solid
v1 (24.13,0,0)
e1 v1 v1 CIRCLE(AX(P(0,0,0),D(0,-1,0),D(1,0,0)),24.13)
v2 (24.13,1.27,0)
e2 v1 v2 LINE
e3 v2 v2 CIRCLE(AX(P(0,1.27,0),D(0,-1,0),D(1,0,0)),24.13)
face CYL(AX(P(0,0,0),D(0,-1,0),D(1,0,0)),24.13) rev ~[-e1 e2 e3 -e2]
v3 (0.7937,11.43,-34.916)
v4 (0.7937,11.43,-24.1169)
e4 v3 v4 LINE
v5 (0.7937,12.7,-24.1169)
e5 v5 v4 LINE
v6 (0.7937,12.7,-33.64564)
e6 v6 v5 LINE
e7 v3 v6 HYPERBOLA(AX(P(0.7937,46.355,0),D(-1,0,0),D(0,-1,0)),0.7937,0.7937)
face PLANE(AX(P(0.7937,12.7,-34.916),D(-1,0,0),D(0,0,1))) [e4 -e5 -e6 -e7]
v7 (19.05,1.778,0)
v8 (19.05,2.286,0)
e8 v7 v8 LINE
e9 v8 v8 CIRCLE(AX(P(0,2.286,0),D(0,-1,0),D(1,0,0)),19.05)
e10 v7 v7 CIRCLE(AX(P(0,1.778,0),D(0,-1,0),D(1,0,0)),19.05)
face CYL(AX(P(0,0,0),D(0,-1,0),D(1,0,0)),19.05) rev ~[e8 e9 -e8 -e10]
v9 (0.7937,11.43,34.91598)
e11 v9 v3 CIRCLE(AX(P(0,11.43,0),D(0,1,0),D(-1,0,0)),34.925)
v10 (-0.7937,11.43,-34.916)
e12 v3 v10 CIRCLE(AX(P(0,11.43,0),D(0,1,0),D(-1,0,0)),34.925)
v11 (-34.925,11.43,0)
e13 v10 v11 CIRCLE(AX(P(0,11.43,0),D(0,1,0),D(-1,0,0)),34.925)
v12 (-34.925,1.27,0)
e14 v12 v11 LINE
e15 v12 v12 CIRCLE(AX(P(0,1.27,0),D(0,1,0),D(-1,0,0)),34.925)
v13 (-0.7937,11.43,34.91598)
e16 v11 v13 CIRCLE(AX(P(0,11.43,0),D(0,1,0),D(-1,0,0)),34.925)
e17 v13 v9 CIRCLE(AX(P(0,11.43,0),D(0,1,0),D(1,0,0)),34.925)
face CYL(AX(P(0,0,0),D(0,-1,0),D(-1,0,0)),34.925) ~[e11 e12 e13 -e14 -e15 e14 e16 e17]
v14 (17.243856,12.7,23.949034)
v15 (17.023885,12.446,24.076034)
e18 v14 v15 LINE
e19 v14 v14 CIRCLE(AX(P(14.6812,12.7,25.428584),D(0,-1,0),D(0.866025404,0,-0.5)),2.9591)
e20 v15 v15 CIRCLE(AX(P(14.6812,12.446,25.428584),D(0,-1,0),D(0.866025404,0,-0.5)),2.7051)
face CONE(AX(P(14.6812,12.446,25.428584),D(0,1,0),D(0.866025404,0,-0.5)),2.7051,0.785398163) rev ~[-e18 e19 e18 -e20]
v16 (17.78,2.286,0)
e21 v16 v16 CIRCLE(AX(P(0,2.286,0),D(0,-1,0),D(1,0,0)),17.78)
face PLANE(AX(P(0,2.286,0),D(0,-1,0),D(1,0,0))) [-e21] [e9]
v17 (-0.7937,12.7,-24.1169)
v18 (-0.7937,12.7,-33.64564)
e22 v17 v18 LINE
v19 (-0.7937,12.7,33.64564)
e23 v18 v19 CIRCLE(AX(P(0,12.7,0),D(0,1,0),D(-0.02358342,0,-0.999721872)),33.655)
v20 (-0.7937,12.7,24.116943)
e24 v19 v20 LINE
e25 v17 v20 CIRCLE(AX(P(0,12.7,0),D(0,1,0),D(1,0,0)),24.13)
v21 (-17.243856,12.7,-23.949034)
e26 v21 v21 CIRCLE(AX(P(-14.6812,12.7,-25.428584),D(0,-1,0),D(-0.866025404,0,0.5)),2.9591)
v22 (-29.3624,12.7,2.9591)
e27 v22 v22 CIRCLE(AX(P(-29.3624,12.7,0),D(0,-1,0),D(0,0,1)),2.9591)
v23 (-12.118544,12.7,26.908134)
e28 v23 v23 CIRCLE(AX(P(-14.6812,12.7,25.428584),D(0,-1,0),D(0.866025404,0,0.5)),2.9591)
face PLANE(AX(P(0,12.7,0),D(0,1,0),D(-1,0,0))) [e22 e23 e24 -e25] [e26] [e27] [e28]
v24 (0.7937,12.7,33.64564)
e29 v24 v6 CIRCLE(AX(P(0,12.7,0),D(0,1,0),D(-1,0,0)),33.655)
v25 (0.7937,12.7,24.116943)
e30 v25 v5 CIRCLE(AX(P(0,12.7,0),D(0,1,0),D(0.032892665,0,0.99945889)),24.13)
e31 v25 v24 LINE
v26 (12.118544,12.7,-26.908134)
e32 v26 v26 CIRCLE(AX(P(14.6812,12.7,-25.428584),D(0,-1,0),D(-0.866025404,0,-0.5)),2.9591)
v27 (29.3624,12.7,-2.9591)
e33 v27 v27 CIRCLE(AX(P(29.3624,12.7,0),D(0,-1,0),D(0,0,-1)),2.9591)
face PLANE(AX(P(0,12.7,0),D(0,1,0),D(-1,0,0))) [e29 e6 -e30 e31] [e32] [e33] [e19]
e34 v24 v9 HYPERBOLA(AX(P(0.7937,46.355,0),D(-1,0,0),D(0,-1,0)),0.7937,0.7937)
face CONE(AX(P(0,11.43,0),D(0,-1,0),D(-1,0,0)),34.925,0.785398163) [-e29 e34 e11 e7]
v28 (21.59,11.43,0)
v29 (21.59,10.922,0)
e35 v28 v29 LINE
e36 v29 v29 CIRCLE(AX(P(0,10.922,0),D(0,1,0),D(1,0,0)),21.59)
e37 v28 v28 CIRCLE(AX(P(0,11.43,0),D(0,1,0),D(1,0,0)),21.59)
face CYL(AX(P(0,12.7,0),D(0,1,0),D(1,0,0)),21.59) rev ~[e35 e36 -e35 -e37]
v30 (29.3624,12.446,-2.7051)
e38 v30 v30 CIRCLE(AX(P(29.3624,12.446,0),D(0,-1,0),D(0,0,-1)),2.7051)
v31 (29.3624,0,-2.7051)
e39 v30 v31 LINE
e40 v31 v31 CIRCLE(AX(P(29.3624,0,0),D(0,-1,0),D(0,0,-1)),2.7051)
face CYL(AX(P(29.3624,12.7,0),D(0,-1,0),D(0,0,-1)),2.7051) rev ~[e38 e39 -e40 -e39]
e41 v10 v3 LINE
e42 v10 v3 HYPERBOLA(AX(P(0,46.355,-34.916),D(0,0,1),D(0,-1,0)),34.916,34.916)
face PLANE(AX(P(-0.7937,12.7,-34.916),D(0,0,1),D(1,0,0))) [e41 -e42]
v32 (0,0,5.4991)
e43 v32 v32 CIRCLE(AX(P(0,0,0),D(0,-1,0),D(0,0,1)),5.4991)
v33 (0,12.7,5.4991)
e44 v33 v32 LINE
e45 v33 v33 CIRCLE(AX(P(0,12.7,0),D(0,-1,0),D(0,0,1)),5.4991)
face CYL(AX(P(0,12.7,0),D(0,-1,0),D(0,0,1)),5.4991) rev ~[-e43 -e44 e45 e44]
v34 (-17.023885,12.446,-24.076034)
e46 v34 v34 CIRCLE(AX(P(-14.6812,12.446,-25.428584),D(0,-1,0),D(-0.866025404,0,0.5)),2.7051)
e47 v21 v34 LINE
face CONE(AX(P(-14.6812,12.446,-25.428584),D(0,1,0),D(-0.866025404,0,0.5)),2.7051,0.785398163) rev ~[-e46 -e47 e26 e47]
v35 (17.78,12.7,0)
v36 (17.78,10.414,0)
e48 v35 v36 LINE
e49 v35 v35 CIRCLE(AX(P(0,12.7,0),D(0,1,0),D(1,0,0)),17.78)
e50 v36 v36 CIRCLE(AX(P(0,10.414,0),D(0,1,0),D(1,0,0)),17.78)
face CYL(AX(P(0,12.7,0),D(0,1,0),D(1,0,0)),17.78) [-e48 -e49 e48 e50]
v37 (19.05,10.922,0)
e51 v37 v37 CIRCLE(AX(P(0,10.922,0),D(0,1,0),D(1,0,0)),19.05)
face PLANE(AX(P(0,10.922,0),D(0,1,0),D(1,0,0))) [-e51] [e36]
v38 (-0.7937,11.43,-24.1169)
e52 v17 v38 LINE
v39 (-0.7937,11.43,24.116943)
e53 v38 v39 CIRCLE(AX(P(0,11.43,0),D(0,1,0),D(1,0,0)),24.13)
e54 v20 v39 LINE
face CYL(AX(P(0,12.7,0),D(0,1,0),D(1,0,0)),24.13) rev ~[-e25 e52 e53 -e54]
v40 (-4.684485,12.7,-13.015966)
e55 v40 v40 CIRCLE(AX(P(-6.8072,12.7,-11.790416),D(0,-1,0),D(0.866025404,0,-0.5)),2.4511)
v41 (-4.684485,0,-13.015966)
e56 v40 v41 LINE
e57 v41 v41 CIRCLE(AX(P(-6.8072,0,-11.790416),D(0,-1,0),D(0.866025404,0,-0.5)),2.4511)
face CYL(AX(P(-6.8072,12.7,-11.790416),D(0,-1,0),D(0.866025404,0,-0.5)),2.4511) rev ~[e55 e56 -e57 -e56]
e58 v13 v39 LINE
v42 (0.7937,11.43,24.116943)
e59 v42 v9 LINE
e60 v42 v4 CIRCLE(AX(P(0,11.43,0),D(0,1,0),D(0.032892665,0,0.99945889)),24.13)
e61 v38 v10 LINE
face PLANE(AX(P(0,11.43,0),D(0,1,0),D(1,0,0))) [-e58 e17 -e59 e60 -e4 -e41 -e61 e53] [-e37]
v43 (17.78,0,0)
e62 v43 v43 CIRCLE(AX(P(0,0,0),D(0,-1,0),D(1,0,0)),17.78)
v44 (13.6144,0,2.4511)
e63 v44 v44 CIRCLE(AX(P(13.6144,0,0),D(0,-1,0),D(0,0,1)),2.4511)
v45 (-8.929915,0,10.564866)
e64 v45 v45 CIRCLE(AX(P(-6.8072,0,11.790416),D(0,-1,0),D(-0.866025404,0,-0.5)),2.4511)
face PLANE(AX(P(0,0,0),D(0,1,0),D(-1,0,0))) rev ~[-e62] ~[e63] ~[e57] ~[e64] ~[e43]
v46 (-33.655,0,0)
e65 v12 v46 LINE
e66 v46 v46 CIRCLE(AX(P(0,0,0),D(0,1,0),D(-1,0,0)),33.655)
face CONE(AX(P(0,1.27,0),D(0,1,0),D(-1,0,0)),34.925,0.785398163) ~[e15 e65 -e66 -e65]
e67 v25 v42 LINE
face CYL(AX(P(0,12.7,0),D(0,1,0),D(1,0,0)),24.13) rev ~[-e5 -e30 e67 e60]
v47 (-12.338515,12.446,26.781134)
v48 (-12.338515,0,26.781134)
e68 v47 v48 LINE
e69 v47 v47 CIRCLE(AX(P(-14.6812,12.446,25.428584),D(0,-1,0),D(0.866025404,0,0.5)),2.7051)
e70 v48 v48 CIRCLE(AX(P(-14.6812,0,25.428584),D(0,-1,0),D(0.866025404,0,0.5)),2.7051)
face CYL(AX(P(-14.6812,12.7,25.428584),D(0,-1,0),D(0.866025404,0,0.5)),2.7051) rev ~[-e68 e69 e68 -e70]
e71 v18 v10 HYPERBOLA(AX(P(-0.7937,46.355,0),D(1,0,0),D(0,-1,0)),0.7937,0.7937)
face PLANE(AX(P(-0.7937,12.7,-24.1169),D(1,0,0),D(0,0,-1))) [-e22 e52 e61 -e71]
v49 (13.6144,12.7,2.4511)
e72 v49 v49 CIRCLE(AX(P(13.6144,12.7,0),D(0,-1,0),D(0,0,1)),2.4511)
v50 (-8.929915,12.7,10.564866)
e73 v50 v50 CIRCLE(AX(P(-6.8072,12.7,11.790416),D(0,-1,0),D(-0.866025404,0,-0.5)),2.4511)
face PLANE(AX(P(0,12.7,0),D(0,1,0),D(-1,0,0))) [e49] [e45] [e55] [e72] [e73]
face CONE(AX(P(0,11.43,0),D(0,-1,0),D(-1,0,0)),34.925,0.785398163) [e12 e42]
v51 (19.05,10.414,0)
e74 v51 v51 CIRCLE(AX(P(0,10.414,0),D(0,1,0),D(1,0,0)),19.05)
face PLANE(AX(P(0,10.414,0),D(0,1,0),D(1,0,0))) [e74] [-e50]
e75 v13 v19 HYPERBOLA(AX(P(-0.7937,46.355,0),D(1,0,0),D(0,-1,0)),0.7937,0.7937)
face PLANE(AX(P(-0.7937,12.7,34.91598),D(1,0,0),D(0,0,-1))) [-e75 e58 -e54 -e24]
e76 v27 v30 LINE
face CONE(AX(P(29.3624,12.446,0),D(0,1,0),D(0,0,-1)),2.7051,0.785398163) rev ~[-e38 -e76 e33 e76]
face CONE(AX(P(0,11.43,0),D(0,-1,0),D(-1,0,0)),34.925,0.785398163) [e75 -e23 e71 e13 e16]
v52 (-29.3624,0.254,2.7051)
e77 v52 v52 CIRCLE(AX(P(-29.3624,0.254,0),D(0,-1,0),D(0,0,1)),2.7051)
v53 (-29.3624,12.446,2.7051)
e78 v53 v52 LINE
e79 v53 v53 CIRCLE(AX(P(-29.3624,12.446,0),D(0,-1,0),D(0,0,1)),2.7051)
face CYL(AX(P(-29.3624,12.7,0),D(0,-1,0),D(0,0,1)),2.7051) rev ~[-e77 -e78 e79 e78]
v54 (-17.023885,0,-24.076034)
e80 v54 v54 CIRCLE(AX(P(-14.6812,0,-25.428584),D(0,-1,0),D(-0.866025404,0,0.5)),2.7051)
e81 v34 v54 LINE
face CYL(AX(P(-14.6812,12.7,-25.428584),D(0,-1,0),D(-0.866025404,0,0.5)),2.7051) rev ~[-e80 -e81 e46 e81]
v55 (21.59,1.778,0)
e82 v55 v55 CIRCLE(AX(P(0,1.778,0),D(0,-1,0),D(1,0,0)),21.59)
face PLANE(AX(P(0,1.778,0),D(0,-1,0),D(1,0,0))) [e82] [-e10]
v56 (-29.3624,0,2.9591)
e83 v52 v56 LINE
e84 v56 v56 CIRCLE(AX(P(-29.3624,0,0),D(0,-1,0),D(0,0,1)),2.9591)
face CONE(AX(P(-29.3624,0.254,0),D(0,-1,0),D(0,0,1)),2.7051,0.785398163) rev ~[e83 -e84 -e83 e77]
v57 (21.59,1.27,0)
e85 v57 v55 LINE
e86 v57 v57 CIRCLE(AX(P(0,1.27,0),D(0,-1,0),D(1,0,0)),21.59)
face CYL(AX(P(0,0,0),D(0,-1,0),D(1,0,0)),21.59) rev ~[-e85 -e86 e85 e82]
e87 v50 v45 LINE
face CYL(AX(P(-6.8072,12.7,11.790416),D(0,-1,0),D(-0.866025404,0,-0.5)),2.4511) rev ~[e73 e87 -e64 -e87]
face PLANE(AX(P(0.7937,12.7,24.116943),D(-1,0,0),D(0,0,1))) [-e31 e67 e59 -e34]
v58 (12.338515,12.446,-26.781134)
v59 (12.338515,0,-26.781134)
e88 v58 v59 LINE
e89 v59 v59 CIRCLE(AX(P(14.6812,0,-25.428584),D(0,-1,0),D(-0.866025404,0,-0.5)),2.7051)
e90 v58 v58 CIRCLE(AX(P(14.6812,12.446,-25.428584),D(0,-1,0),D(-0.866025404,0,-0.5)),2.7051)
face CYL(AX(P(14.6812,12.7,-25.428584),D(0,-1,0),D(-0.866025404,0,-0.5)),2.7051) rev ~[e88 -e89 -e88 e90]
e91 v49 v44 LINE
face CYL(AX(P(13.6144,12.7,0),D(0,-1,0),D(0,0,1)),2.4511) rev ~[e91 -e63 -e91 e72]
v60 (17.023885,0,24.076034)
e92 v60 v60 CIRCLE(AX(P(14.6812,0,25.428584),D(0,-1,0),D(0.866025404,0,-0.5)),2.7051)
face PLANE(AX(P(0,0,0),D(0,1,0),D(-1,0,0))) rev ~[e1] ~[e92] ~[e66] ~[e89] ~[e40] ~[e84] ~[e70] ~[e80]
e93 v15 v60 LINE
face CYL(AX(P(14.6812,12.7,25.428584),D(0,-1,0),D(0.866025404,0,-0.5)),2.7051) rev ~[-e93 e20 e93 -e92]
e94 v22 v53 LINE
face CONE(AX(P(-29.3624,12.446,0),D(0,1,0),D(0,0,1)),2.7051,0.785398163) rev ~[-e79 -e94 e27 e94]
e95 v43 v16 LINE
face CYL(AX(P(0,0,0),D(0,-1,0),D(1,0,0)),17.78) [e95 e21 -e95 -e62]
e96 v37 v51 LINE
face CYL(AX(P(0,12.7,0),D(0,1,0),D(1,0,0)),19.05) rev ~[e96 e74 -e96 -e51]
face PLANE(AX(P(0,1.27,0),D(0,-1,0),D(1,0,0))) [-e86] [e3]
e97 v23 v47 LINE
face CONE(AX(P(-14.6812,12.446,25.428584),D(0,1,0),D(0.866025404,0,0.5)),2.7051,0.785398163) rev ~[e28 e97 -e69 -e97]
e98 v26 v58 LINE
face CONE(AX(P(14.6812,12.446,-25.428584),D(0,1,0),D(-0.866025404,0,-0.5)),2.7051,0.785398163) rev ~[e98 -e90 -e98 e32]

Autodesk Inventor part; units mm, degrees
ref_plane "YZ Plane" through (0, 0, 0) normal (1, 0, 0) x (0, 1, 0)
ref_plane "XZ Plane" through (0, 0, 0) normal (0, 1, 0) x (-1, 0, 0)
ref_plane "XY Plane" through (0, 0, 0) normal (0, 0, 1) x (1, 0, 0)
sketch "Sketch1" plane through (0, 0, 0) normal (0, 1, 0) x (-1, 0, 0)
  circle A0 centre (0, 0) radius 34.925
  dimension "d0" = 69.85
extrude "Extrusion1" add sketch "Sketch1" along normal blind 12.7
sketch "Sketch2" plane through (0, 12.7, 0) normal (0, 1, 0) x (1, 0, 0)
  circle A0 centre (0, 0) radius 17.78
  circle A1 centre (0, 0) radius 19.05
  circle A2 centre (0, 0) radius 21.59
  circle A3 centre (0, 0) radius 24.13
  dimension "d3" = 35.56
  dimension "d4" = 38.1
  dimension "d5" = 43.18
  dimension "d6" = 48.26
extrude "Extrusion2" cut sketch "Sketch2" against normal blind 1.27 contours A3
extrude "Extrusion3" cut sketch "Sketch2" against normal blind 1.778 contours A2
extrude "Extrusion4" cut sketch "Sketch2" against normal blind 2.286 contours A1
sketch "Sketch3" plane through (0, 0, 0) normal (0, -1, 0) x (1, 0, 0)
  circle A0 centre (0, 0) radius 19.05
  circle A1 centre (0, 0) radius 21.59
  circle A2 centre (0, 0) radius 24.13
sketch "Sketch4" plane through (0, 0, 0) normal (0, -1, 0) x (1, 0, 0)
  circle A0 centre (0, 0) radius 17.78
  circle A1 centre (0, 0) radius 19.05
extrude "Extrusion5" cut sketch "Sketch3" against normal blind 1.27 contours A2
extrude "Extrusion6" cut sketch "Sketch3" against normal blind 1.778 contours A1
extrude "Extrusion7" cut sketch "Sketch4" against normal blind 2.286
chamfer "Chamfer1" distance 1.27 angle 45 2 edges at (34.925, 12.7, 0) (34.925, 0, 0)
sketch "Sketch5" plane through (0, 12.7, 0) normal (0, 1, 0) x (1, 0, 0)
  point P0 (0, 0)
sketch "Sketch6" plane through (0, 12.7, 0) normal (0, 1, 0) x (1, 0, 0)
  point P0 (0, 0)
sketch "Sketch7" plane through (0, 12.7, 0) normal (0, 1, 0) x (1, 0, 0)
  line L0 (0, 0) -> (-29.3624, 0)
  dimension "d22" = 29.3624
hole "Hole1" at (-29.3624, 12.7, 0) direction (0, -1, 0) diameter 5.4102 end through all
chamfer "Chamfer2" distance 0.254 angle 45 1 edges at (-29.3624, 12.7, -2.7051)
chamfer "Chamfer3" distance 0.254 angle 45 1 edges at (-29.3624, 0, -2.7051)
pattern_circular "Circular Pattern1" count 6 over 360 about axis through (0, 12.7, 0) along (0, -1, 0) of "Hole1", "Chamfer2"
sketch "Sketch8" plane through (0, 12.7, 0) normal (0, 1, 0) x (1, 0, 0)
  line L0 (0, 0) -> (0.7937, 0)
  line L1 (0.7937, 0) -> (0.7937, 24.1169)
  circle A0 centre (0, 0) radius 24.13 projected
  circle A1 centre (0, 0) radius 34.925 projected
  line L2 (0.7937, 34.916) -> (0.7937, 24.1169)
  line L3 (0.7937, 0) -> (-0.7937, 0)
  line L4 (-0.7937, 0) -> (-0.7937, 34.916)
  line L5 (-0.7937, 34.916) -> (0.7937, 34.916)
  line L6 (0.7937, 5.7639) -> (0.7937, -35.1013)
  line L7 (0.7937, -35.1013) -> (-0.7937, -35.1013)
  line L8 (-0.7937, -35.1013) -> (-0.7937, 0)
  line L9 (-0.7937, -24.0567) -> (0.7937, -24.0567)
  line L10 (0.7937, 24.1169) -> (-0.7937, 24.1169)
  point P0 (-0.7937, -24.1169)
  point P1 (-0.7938, -34.916)
  point P2 (0.7937, -34.916)
  point P3 (0.7938, -24.1169)
  point P4 (-0.7937, 24.1169)
  dimension "d39" = 0.7937
  dimension "d40" = 1.5875
extrude "Extrusion8" cut sketch "Sketch8" against normal blind 1.27 contours L4 L5 L2 A0 | L6 A1 L8 A0
hole "Hole2" at (0, 12.7, 0) direction (0, -1, 0) diameter 10.9982 end through all
sketch "Sketch9" plane through (0, 12.7, 0) normal (0, 1, 0) x (1, 0, 0)
  line L0 (0, 0) -> (13.6144, 0)
  dimension "d50" = 13.6144
hole "Hole3" at (13.6144, 12.7, 0) direction (0, -1, 0) diameter 4.9022 end through all
pattern_circular "Circular Pattern2" count 3 over 360 about axis through (0, -86.8959, 0) along (0, 1, 0) of "Hole3"
properties part number "2.75 flange"
